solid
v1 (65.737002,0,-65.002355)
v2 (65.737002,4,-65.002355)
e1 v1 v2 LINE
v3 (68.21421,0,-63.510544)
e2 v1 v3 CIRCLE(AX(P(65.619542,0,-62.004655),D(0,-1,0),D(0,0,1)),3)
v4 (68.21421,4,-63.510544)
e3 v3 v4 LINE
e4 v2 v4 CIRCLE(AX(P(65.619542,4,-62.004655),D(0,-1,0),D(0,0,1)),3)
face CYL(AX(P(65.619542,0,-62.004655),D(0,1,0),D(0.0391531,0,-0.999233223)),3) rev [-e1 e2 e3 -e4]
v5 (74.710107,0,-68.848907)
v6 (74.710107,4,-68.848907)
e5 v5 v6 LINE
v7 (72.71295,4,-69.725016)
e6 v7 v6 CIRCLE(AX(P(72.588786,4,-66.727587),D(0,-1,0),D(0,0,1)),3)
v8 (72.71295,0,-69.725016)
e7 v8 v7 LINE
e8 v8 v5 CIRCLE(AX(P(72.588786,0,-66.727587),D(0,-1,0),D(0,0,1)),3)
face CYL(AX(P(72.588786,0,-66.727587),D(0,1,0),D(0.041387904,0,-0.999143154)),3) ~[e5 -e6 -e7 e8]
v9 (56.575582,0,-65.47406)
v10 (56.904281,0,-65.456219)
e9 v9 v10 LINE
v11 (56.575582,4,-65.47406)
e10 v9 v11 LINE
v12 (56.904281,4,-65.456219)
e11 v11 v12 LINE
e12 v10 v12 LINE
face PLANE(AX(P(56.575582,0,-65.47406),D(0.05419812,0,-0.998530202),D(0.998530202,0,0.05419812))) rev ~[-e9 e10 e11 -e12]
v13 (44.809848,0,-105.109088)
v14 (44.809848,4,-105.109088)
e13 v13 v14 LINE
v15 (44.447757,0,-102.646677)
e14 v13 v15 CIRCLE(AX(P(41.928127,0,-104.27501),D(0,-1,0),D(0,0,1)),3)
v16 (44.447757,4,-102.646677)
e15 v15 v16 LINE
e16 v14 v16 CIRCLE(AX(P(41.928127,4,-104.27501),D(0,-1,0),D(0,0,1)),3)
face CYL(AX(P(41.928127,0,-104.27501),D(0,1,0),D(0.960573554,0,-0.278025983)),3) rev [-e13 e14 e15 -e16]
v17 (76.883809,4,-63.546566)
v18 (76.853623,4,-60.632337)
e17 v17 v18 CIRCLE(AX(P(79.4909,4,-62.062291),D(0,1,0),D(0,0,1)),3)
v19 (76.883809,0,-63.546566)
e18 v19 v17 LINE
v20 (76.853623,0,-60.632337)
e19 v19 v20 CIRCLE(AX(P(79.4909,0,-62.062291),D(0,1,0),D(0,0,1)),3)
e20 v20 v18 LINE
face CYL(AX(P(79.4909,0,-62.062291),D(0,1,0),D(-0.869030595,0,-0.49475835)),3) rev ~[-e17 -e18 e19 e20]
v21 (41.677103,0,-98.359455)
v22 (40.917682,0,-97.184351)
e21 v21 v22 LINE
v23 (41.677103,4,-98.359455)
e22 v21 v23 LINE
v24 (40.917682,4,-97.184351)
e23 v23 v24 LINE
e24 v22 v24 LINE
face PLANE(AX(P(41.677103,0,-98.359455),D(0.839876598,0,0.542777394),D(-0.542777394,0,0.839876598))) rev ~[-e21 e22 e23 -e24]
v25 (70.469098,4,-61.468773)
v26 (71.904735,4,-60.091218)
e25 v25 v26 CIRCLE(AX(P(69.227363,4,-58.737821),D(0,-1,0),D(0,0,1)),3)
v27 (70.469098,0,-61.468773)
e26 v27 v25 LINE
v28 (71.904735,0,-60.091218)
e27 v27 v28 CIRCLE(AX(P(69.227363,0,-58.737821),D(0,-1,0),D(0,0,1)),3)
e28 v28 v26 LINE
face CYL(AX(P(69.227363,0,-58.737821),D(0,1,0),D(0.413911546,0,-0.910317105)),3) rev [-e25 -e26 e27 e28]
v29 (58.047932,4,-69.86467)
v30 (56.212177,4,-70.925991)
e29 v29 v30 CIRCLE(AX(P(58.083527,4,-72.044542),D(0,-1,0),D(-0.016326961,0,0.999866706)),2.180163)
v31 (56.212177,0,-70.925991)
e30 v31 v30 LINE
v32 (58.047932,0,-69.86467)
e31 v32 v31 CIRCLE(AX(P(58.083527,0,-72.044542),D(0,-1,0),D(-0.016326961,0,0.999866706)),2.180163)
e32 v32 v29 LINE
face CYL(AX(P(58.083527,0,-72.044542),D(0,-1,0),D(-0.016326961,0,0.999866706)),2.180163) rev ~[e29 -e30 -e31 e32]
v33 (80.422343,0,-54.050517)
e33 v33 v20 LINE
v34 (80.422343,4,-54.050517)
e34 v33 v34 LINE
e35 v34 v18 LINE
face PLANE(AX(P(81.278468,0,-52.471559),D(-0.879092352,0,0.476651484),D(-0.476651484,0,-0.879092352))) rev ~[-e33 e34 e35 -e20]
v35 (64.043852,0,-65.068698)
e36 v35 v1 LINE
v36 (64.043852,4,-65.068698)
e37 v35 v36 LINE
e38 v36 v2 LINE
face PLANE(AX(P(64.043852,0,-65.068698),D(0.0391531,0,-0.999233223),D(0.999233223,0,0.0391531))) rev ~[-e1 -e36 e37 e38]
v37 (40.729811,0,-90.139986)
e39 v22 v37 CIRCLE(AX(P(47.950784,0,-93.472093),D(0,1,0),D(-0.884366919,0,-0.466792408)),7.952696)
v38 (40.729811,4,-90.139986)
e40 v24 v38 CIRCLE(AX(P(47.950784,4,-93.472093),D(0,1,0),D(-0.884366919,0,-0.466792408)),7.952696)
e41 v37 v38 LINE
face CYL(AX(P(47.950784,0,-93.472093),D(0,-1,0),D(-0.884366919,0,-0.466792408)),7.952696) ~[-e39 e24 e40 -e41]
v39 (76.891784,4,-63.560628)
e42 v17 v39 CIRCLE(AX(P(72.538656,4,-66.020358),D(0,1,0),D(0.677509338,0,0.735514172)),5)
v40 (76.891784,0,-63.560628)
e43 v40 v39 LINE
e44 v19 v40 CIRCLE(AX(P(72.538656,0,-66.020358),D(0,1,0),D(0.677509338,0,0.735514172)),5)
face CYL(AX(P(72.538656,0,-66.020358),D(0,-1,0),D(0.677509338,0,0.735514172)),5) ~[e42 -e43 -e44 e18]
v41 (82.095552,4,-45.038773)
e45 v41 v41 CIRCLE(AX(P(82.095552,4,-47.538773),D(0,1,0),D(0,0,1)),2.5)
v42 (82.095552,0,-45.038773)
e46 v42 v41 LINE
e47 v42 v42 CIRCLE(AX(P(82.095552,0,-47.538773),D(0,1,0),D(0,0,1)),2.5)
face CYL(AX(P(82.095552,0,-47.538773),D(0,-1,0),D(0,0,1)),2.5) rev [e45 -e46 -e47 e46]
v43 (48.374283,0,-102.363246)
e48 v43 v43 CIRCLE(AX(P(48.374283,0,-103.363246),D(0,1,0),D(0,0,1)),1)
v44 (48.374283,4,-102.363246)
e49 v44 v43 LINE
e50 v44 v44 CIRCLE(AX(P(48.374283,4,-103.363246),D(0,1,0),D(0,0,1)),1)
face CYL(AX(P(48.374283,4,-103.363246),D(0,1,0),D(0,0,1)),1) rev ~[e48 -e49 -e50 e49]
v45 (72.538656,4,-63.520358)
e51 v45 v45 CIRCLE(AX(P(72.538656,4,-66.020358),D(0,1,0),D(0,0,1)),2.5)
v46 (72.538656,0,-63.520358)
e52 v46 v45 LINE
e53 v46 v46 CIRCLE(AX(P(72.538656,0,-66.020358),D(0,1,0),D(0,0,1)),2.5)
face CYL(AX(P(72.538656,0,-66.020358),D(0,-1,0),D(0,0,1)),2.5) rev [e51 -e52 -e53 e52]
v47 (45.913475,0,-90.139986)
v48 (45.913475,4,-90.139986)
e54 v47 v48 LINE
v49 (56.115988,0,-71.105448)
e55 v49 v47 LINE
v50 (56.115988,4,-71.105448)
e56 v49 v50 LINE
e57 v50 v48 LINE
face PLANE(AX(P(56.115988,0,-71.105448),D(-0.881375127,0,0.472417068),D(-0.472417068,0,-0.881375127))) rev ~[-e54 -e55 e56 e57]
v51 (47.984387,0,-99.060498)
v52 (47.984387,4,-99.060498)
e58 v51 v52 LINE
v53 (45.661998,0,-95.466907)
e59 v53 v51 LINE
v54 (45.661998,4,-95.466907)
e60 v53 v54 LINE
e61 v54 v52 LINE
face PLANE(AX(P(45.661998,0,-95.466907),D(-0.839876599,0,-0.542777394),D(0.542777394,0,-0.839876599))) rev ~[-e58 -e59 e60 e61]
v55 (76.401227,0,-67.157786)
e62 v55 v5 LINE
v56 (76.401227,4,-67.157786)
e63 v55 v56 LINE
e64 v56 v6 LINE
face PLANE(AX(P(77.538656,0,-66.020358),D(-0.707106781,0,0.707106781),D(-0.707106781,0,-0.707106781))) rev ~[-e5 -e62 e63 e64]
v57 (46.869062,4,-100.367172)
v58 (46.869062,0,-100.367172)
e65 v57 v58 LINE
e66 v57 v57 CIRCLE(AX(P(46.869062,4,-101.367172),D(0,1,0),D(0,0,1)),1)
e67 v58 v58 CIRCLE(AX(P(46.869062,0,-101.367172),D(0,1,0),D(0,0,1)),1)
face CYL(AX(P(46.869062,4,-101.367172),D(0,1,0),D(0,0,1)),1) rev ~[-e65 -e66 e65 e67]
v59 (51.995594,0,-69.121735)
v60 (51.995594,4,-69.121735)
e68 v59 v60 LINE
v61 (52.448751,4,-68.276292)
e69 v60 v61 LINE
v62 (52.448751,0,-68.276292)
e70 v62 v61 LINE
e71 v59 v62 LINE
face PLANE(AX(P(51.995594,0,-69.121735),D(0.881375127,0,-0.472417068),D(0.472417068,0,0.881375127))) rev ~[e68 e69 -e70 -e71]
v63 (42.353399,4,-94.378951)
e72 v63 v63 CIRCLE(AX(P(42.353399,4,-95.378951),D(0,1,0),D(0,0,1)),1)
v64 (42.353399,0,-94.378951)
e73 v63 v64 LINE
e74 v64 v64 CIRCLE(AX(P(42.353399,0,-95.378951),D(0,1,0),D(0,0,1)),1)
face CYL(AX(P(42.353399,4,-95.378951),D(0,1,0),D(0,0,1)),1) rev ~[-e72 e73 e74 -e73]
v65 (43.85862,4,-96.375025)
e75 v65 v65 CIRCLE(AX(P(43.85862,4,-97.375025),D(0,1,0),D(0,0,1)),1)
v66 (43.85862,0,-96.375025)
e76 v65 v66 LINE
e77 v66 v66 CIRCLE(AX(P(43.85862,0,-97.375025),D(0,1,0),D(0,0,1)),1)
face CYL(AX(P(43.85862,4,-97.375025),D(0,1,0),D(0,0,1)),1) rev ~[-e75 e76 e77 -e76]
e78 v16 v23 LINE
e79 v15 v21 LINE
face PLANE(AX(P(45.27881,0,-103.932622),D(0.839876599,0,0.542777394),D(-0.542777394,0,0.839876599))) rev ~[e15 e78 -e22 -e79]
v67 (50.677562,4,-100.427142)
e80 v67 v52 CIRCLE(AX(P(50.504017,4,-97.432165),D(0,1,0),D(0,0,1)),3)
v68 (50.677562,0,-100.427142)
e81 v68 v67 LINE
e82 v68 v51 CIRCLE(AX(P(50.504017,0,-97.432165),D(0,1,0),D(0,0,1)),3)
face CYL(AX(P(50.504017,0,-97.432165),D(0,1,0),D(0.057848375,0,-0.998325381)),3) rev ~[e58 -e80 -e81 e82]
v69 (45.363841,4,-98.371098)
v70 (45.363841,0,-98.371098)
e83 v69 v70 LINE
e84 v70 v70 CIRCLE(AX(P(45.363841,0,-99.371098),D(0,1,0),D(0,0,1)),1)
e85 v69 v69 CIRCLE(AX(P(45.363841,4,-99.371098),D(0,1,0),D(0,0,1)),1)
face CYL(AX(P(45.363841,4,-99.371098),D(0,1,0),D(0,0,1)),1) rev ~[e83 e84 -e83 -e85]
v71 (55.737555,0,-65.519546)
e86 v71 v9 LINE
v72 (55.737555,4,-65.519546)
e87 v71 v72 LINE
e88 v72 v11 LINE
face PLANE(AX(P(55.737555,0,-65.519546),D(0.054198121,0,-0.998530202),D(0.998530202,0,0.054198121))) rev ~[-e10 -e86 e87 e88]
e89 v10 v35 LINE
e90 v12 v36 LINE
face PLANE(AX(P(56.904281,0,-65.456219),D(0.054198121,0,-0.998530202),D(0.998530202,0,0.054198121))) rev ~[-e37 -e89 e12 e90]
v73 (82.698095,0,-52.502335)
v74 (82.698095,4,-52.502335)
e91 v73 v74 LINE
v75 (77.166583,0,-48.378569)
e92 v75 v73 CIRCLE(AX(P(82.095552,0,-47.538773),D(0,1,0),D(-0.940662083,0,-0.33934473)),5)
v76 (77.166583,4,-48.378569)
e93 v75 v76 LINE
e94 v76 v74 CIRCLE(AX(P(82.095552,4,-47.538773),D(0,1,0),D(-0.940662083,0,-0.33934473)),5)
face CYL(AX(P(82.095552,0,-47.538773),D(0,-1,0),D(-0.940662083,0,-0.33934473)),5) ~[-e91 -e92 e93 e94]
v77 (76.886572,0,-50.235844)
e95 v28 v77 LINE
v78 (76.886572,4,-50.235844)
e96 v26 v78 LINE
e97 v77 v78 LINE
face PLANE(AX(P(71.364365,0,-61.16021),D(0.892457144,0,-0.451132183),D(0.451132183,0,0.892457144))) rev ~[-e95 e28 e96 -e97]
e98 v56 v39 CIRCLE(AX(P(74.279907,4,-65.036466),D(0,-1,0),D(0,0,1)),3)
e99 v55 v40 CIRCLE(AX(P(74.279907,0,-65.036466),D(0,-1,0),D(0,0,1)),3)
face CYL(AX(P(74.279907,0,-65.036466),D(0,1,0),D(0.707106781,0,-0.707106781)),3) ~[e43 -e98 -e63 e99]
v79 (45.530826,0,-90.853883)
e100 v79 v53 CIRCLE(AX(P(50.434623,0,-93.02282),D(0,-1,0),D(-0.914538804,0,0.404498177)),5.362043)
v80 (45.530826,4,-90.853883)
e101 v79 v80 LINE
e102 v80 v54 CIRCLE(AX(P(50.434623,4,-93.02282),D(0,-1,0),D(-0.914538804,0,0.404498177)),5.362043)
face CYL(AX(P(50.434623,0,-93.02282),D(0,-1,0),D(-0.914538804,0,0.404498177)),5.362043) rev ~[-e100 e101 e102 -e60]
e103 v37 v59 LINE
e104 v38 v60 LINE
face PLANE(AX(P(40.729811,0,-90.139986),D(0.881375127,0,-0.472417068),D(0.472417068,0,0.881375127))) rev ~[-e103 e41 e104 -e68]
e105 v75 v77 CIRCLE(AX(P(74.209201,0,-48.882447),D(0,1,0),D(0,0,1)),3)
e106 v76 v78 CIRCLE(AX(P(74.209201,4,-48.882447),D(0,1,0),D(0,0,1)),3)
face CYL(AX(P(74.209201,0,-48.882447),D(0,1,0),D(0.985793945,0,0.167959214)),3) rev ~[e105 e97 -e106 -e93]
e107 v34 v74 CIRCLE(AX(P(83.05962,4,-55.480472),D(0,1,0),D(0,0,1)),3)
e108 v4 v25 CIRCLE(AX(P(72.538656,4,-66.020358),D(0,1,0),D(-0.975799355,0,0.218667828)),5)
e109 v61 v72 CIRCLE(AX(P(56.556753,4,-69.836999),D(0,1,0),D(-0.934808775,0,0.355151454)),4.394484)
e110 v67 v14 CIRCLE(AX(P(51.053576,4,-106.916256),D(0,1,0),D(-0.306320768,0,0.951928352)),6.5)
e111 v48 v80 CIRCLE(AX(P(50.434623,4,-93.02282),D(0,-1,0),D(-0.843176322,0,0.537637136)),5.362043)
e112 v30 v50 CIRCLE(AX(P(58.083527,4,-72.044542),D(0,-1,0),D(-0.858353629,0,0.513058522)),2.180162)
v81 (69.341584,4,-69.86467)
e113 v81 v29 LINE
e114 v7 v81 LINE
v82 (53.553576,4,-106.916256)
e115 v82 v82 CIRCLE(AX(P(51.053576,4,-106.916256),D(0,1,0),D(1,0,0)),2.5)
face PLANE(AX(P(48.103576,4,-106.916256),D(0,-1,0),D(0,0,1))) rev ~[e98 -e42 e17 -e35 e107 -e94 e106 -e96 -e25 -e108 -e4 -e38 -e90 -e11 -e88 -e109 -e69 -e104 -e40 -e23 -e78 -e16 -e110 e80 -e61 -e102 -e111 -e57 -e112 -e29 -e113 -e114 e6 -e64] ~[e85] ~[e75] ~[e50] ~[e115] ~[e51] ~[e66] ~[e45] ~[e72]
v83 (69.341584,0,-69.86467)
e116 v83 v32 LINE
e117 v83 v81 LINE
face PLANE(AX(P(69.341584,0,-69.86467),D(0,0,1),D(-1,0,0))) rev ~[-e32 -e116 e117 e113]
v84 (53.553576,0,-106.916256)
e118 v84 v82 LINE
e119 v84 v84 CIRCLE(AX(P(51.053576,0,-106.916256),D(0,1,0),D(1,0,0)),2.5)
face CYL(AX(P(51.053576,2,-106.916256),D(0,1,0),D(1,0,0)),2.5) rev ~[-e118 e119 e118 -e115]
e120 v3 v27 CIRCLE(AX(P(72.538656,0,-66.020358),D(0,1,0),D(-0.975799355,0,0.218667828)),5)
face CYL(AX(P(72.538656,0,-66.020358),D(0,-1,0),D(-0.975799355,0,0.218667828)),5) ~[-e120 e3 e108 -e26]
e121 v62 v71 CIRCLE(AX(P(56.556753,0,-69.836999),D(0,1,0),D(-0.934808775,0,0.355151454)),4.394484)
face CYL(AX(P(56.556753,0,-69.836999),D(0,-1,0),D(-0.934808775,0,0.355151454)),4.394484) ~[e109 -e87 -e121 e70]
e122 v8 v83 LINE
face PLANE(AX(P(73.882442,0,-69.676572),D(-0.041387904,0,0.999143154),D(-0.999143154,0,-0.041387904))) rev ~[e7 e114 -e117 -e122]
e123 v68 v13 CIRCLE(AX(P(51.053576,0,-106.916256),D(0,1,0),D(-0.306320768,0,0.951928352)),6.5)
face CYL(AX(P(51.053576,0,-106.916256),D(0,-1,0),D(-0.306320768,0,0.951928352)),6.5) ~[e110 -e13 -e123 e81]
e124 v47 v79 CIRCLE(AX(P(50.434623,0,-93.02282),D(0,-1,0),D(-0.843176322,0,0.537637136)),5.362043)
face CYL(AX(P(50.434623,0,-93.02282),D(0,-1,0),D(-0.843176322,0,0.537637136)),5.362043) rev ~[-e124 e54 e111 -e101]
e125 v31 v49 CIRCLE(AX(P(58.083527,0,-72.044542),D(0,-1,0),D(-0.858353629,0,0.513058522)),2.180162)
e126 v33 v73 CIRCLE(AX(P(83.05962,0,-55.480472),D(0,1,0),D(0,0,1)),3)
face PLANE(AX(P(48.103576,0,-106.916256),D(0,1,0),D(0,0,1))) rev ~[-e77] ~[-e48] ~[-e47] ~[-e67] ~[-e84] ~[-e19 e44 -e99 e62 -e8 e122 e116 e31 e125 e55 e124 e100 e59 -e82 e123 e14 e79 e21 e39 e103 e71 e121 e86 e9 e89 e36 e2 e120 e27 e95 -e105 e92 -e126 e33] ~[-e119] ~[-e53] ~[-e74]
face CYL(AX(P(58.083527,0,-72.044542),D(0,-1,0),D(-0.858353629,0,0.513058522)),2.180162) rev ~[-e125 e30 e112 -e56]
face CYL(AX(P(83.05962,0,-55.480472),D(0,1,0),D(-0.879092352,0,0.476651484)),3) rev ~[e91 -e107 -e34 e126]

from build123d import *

# Parameters (mm, degrees)
SKETCH2_R           = 2.5
SKETCH2_R_2         = 3.4
BOSS_EXTRUDE1_DEPTH = 4
FILLET1_R           = 3
SKETCH3_R           = 1
CUT_EXTRUDE2_DEPTH  = 4
SKETCH5_W           = 0.9
SKETCH5_H           = 4


with BuildPart() as part:
    # Sketch2 → Boss-Extrude1 (new body)
    with BuildSketch(Plane(origin=(0, 0, 0), x_dir=(1, 0, 0), z_dir=(0, 1, 0))):
        with BuildLine():
            ThreePointArc((49.0624911, 100.728722197), (55.253975507, 111.876765002), (45.278809785, 103.932622106))
            Line((45.278809785, 103.932622106), (41.677103445, 98.359455452))
            Line((41.677103445, 98.359455452), (40.917682236, 97.184351056))
            ThreePointArc((40.917682236, 97.184351056), (40.000914232, 93.684113367), (40.729811239, 90.139986308))
            Line((40.729811239, 90.139986308), (51.995593872, 69.121735128))
            Line((51.995593872, 69.121735128), (52.448751423, 68.276291936))
            ThreePointArc((52.448751423, 68.276291936), (53.733769558, 66.46917356), (55.737555004, 65.519546097))
            Line((55.737555004, 65.519546097), (56.575581952, 65.474059755))
            Line((56.575581952, 65.474059755), (56.904280571, 65.456218685))
            Line((56.904280571, 65.456218685), (64.043852088, 65.068697747))
            Line((64.043852088, 65.068697747), (67.659658755, 64.927019071))
            ThreePointArc((67.659658755, 64.927019071), (68.973857559, 62.514332624), (71.364365032, 61.16020988))
            Line((71.364365032, 61.16020988), (77.3922419, 49.235496946))
            ThreePointArc((77.3922419, 49.235496946), (85.295038859, 43.696471142), (81.278467798, 52.471558808))
            Line((81.278467798, 52.471558808), (75.926202221, 62.342787356))
            ThreePointArc((75.926202221, 62.342787356), (77.117833046, 64.012589982), (77.538655529, 66.020358214))
            Line((77.538655529, 66.020358214), (73.882441794, 69.676571949))
            Line((73.882441794, 69.676571949), (69.341583584, 69.864669723))
            Line((69.341583584, 69.864669723), (65.404712603, 69.864669723))
            Line((65.404712603, 69.864669723), (58.04793187, 69.864669723))
            ThreePointArc((58.04793187, 69.864669723), (56.992330015, 70.157110244), (56.212176606, 70.925990854))
            ThreePointArc((56.212176606, 70.925990854), (56.161986001, 71.014595828), (56.115987655, 71.105447853))
            Line((56.115987655, 71.105447853), (45.913475043, 90.139986308))
            ThreePointArc((45.913475043, 90.139986308), (45.708651409, 90.489699119), (45.530826332, 90.853883157))
            ThreePointArc((45.530826332, 90.853883157), (45.074746145, 93.175228741), (45.661998303, 95.466907026))
            Line((45.661998303, 95.466907026), (49.0624911, 100.728722197))
        make_face()
        with Locations(Location((82.095552315, 47.538773298, 0), (0, 0, 270))):
            Circle(SKETCH2_R, mode=Mode.SUBTRACT)
        with Locations(Location((72.538655529, 66.020358214, 0), (0, 0, 270))):
            Circle(SKETCH2_R, mode=Mode.SUBTRACT)
        with Locations(Location((51.053576092, 106.916256485, 0), (0, 0, 270))):
            Circle(SKETCH2_R_2, mode=Mode.SUBTRACT)
    extrude(amount=BOSS_EXTRUDE1_DEPTH)

    # Fillet1
    fillet1_edges = [part.edges().sort_by_distance(p)[0] for p in [
        (71.364365032, 2, -61.16020988),
        (67.659658755, 2, -64.927019071),
        (45.278809785, 2, -103.932622106),
        (49.0624911, 2, -100.728722197),
        (73.882441794, 2, -69.676571949),
        (77.538655529, 2, -66.020358214),
        (75.926202221, 2, -62.342787356),
        (81.278467798, 2, -52.471558808),
        (77.3922419, 2, -49.235496946),
    ]]
    fillet(fillet1_edges, radius=FILLET1_R)

    # Sketch3 → Cut-Extrude2 (cut)
    with BuildSketch(Plane(origin=(0, 4, 0), x_dir=(1, 0, 0), z_dir=(0, 1, 0))):
        with Locations(Location((48.374282672, 103.36324554, 0), (0, 0, 270))):
            Circle(SKETCH3_R)
        with Locations(Location((46.86906165, 101.367171976, 0), (0, 0, 270))):
            Circle(SKETCH3_R)
        with Locations(Location((45.363840628, 99.371098411, 0), (0, 0, 270))):
            Circle(SKETCH3_R)
        with Locations(Location((43.858619606, 97.375024847, 0), (0, 0, 270))):
            Circle(SKETCH3_R)
        with Locations(Location((42.353398584, 95.378951282, 0), (0, 0, 270))):
            Circle(SKETCH3_R)
    extrude(amount=-CUT_EXTRUDE2_DEPTH, mode=Mode.SUBTRACT)

    # Sweep1: sweep along a path in Sketch4
    with BuildLine(Plane(origin=(0, 4, 0), x_dir=(1, 0, 0), z_dir=(0, 1, 0))) as sweep1_path:
        CenterArc((51.053576092, 106.916256485), 3.4, 0, 360)
    # Sketch5 → Sweep1 (sweep)
    with BuildSketch(Plane(origin=(45.965783702, 0, -109.06060876), x_dir=(0.9214977377283068, 0, 0.38838372695262713), z_dir=(-0.38838372695262713, 0, 0.9214977377283068))):
        with Locations((2.571220706, 2)):
            Rectangle(SKETCH5_W, SKETCH5_H)
    sweep(path=sweep1_path.line)


solid = part.part
